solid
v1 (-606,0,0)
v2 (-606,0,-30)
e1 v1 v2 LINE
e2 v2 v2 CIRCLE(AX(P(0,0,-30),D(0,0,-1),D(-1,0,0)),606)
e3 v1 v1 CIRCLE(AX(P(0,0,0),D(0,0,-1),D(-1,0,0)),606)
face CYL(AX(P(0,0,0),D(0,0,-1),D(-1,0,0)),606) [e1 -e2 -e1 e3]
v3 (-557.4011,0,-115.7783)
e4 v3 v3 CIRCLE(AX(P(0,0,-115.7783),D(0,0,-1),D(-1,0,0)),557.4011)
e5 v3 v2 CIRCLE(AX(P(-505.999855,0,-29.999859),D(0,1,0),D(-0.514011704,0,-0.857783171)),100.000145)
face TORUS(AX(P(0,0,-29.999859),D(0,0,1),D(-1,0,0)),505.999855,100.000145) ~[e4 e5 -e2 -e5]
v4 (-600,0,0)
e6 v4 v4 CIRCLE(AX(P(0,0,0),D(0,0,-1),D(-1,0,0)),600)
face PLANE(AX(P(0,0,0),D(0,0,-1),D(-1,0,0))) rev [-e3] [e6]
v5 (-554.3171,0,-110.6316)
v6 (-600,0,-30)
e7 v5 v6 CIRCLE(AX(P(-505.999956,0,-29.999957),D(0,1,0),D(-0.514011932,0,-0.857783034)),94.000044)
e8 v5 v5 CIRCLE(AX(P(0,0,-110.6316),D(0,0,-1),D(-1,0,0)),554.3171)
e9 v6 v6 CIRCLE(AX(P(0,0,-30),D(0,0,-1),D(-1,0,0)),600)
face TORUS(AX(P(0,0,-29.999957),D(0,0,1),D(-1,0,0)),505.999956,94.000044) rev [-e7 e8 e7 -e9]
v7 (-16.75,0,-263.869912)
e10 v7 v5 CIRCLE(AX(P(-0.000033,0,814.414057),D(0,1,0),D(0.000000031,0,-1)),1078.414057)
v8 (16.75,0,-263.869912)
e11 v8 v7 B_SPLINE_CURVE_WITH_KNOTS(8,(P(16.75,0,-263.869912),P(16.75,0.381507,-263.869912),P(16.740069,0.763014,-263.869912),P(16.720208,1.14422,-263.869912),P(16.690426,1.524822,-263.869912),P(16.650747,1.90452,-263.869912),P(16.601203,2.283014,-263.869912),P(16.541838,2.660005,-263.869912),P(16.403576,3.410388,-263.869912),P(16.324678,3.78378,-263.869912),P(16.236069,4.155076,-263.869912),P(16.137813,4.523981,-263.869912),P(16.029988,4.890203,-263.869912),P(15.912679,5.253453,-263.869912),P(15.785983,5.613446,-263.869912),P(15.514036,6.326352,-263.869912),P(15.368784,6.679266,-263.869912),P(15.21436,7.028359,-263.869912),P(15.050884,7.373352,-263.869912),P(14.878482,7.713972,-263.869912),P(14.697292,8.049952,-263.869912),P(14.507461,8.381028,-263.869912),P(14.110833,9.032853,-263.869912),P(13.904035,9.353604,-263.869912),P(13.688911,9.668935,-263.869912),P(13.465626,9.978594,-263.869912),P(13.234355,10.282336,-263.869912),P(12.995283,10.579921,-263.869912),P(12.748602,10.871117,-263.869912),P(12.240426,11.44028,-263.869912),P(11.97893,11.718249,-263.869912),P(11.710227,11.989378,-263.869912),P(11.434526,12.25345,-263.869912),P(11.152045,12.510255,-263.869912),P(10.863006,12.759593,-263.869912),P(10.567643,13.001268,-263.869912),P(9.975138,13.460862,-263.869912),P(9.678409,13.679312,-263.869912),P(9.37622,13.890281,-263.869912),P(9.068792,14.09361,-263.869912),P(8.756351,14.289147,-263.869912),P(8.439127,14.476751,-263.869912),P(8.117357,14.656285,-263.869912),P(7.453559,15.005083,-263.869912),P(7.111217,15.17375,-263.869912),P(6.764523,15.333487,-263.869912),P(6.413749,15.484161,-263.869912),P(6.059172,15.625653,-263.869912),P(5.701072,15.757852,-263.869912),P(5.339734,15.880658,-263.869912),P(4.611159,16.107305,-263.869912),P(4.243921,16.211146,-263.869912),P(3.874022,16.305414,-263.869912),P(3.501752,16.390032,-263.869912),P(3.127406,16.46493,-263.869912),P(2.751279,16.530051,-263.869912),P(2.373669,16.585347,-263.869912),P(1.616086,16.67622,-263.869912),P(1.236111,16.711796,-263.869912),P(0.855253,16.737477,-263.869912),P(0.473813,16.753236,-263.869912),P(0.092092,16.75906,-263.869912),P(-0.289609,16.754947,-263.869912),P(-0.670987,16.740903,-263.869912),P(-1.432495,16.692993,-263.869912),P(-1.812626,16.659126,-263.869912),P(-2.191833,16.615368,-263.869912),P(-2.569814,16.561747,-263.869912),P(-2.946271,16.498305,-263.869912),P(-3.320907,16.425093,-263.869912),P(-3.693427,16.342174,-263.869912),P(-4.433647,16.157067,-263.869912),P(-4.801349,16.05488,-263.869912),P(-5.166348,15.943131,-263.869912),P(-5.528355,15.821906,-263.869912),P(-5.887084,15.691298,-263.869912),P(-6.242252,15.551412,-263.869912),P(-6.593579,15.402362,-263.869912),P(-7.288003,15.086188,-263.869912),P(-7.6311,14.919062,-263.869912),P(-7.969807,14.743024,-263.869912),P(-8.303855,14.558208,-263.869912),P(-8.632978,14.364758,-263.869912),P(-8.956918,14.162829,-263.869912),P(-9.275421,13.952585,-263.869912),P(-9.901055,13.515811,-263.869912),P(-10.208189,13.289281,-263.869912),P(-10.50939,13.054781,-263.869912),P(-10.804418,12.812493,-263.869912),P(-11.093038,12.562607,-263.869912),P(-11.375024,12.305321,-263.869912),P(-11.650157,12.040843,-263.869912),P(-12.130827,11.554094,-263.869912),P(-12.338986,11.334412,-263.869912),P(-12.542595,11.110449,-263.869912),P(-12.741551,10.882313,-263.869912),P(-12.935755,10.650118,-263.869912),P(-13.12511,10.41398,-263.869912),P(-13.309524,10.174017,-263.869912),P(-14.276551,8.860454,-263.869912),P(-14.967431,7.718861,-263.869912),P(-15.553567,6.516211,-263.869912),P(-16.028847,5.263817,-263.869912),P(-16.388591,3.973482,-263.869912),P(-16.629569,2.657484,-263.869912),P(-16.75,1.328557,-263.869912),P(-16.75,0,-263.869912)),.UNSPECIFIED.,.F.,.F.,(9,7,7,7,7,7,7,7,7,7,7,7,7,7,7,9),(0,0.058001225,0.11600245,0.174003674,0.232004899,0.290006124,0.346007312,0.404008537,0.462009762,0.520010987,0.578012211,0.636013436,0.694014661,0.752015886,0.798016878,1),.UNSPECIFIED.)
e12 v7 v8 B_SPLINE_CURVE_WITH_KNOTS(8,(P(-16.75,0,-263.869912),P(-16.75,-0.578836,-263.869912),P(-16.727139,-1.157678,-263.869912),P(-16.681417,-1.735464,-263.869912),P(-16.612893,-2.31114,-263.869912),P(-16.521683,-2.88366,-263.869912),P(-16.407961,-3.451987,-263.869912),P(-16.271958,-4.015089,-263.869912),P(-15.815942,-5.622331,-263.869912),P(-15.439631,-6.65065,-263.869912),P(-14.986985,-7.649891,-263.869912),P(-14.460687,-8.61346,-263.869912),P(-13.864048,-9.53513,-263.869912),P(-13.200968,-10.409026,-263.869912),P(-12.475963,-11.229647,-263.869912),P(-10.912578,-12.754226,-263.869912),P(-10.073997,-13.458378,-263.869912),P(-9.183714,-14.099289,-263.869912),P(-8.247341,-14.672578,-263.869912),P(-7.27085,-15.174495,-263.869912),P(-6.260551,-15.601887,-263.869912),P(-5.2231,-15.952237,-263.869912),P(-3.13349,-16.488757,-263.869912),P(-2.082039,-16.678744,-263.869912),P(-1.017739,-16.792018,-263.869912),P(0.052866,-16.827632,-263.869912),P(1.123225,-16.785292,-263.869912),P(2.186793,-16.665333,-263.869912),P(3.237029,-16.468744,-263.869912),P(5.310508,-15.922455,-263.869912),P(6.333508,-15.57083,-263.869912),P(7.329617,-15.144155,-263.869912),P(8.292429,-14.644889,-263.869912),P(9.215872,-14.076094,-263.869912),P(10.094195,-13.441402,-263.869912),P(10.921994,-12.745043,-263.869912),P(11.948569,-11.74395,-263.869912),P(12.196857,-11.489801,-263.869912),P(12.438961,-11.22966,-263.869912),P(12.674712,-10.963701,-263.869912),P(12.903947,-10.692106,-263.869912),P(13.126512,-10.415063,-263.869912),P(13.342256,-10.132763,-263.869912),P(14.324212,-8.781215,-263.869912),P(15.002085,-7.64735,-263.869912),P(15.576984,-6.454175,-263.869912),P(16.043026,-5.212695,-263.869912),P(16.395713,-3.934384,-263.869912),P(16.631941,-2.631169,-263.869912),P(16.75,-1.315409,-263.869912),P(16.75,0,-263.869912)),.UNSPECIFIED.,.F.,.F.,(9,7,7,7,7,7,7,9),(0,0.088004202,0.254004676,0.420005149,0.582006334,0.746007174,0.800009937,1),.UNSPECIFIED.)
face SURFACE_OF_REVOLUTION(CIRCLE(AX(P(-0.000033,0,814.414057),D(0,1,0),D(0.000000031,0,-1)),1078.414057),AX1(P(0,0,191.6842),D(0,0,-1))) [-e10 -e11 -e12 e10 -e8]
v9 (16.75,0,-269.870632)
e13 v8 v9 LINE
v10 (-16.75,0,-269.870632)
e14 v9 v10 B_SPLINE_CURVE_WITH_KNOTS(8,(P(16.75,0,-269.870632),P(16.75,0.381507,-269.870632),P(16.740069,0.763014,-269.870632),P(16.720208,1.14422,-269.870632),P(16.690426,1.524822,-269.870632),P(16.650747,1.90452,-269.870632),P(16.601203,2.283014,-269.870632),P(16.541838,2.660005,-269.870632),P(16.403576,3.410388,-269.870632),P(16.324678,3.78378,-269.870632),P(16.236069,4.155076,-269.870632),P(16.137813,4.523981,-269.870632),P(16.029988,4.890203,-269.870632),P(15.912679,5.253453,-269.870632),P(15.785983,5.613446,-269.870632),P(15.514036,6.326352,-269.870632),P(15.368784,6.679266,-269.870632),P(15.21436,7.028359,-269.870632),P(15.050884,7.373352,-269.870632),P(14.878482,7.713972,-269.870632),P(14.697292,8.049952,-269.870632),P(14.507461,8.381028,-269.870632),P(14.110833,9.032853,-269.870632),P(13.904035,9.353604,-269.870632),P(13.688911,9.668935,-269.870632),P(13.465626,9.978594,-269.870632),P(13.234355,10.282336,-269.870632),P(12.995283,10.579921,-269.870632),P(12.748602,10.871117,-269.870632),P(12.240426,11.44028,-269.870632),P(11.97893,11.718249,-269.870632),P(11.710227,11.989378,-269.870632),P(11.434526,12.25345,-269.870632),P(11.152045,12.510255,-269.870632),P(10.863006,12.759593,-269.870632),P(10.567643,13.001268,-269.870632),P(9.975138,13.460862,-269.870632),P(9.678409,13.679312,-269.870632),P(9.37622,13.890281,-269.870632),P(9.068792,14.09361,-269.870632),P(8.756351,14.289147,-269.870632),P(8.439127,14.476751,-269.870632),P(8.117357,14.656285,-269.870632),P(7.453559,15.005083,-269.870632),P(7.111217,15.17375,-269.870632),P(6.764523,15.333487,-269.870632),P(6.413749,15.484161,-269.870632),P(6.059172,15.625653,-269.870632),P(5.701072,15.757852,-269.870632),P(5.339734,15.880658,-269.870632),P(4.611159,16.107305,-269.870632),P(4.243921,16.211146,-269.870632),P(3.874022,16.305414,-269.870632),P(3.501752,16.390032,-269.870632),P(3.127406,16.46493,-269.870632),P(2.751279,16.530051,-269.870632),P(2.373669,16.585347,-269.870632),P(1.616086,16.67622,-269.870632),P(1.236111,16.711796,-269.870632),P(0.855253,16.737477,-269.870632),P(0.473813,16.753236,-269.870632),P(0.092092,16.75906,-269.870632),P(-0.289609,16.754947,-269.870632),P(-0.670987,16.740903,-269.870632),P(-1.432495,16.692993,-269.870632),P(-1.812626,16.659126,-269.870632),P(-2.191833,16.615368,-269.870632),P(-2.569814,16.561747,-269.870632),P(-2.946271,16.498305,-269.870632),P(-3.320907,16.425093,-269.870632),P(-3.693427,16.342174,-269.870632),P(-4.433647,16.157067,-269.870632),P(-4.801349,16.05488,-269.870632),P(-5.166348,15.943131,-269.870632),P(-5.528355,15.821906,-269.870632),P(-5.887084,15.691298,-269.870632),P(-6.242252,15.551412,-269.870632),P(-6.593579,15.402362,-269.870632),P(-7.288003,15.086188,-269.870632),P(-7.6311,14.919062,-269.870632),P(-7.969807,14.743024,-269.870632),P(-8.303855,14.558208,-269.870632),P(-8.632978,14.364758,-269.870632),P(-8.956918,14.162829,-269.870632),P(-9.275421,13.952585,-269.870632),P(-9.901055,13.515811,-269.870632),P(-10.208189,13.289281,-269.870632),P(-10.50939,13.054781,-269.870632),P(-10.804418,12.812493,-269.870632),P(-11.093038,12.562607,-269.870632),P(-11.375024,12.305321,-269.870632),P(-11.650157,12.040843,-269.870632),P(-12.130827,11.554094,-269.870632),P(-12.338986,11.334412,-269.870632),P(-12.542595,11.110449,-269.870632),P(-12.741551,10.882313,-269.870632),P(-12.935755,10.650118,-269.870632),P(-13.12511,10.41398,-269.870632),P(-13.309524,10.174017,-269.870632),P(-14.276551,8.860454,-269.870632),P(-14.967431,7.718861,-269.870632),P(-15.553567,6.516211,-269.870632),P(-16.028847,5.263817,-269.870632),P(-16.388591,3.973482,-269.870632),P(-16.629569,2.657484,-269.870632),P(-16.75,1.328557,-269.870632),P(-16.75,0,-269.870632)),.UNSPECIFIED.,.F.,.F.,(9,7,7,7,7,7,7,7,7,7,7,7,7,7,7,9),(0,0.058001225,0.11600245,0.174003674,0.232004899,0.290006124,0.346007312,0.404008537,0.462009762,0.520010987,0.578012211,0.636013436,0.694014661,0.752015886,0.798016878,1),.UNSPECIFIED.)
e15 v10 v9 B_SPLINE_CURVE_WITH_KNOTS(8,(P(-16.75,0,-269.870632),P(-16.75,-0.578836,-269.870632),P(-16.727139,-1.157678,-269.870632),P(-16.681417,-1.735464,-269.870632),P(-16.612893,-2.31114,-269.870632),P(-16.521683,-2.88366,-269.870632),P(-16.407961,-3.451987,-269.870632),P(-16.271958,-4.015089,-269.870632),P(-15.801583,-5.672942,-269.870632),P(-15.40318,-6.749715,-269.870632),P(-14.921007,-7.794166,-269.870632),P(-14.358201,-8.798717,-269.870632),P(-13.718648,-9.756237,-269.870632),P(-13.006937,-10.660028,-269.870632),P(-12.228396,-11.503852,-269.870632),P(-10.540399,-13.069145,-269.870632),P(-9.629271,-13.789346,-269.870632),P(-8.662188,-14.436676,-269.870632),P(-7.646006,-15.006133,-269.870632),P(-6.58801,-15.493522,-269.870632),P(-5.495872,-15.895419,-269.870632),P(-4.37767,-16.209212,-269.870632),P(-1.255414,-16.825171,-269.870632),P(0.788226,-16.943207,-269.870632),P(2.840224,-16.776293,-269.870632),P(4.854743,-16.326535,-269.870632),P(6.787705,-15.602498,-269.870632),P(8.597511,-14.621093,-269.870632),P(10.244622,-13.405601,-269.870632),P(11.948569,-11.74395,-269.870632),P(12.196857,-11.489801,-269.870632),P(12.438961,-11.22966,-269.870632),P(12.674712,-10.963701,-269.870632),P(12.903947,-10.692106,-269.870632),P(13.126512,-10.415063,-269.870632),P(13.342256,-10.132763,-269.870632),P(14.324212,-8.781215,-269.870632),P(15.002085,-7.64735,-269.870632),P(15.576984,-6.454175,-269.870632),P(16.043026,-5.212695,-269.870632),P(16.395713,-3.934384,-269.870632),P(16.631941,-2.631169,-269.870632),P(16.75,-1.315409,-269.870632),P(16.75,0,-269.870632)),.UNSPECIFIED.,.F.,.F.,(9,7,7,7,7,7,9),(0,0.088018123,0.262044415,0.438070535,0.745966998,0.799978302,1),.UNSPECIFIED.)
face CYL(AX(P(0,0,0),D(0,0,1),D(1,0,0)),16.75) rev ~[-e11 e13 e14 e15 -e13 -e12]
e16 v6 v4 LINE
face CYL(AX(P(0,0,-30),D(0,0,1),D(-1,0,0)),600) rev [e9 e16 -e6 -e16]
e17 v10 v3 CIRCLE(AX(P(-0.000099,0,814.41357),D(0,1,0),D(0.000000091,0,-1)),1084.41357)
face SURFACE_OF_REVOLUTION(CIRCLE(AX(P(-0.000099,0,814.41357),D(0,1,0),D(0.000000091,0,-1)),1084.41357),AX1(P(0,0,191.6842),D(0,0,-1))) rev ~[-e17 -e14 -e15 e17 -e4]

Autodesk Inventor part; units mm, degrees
ref_plane "YZ Plane" through (0, 0, 0) normal (1, 0, 0) x (0, 1, 0)
ref_plane "XZ Plane" through (0, 0, 0) normal (0, 1, 0) x (-1, 0, 0)
ref_plane "XY Plane" through (0, 0, 0) normal (0, 0, 1) x (1, 0, 0)
sketch "Sketch1" plane through (0, 0, 0) normal (0, 1, 0) x (-1, 0, 0)
  line L0 (606, 0) -> (606, -30)
  arc A0 (557.4011, -115.7783) -> (606, -30) centre (506, -30) ccw
  arc A1 (0, -270) -> (557.4011, -115.7783) centre (0, 814.4143) ccw
  line L1 (0, 191.6842) -> (0, -191.6842)
  arc A2 (0, -264) -> (554.3171, -110.6316) centre (0, 814.4143) ccw
  arc A3 (554.3171, -110.6316) -> (600, -30) centre (506, -30) ccw
  line L2 (600, -30) -> (600, 0)
  line L3 (600, 0) -> (606, 0)
  line L4 (0, -264) -> (0, -270)
  point P0 (0, 0)
  point P1 (0, 0)
  point P2 (0, -267)
  point P3 (0, -163.7009)
  point P4 (0, -169.7009)
  dimension "d0" = 100
  dimension "d1" = 30
  dimension "d3" = 1084.4143
  dimension "d6" = 6
  dimension "d11" = 1200
  dimension "d12" = 270
revolve "Revolution1" add sketch "Sketch1" angle 360 about axis through (0, 0, 191.6842) along (0, 0, -1)
sketch "Sketch2" plane through (0, 0, 0) normal (0, 0, 1) x (1, 0, 0)
  circle A0 centre (0, 0) radius 16.75
  dimension "d8" = 33.5
extrude "Extrusion1" cut sketch "Sketch2" against normal through all
equation "\"Disherd_head_hight\" = d12"
properties part number "PNV - 704 dished head D1200" material "Steel"
